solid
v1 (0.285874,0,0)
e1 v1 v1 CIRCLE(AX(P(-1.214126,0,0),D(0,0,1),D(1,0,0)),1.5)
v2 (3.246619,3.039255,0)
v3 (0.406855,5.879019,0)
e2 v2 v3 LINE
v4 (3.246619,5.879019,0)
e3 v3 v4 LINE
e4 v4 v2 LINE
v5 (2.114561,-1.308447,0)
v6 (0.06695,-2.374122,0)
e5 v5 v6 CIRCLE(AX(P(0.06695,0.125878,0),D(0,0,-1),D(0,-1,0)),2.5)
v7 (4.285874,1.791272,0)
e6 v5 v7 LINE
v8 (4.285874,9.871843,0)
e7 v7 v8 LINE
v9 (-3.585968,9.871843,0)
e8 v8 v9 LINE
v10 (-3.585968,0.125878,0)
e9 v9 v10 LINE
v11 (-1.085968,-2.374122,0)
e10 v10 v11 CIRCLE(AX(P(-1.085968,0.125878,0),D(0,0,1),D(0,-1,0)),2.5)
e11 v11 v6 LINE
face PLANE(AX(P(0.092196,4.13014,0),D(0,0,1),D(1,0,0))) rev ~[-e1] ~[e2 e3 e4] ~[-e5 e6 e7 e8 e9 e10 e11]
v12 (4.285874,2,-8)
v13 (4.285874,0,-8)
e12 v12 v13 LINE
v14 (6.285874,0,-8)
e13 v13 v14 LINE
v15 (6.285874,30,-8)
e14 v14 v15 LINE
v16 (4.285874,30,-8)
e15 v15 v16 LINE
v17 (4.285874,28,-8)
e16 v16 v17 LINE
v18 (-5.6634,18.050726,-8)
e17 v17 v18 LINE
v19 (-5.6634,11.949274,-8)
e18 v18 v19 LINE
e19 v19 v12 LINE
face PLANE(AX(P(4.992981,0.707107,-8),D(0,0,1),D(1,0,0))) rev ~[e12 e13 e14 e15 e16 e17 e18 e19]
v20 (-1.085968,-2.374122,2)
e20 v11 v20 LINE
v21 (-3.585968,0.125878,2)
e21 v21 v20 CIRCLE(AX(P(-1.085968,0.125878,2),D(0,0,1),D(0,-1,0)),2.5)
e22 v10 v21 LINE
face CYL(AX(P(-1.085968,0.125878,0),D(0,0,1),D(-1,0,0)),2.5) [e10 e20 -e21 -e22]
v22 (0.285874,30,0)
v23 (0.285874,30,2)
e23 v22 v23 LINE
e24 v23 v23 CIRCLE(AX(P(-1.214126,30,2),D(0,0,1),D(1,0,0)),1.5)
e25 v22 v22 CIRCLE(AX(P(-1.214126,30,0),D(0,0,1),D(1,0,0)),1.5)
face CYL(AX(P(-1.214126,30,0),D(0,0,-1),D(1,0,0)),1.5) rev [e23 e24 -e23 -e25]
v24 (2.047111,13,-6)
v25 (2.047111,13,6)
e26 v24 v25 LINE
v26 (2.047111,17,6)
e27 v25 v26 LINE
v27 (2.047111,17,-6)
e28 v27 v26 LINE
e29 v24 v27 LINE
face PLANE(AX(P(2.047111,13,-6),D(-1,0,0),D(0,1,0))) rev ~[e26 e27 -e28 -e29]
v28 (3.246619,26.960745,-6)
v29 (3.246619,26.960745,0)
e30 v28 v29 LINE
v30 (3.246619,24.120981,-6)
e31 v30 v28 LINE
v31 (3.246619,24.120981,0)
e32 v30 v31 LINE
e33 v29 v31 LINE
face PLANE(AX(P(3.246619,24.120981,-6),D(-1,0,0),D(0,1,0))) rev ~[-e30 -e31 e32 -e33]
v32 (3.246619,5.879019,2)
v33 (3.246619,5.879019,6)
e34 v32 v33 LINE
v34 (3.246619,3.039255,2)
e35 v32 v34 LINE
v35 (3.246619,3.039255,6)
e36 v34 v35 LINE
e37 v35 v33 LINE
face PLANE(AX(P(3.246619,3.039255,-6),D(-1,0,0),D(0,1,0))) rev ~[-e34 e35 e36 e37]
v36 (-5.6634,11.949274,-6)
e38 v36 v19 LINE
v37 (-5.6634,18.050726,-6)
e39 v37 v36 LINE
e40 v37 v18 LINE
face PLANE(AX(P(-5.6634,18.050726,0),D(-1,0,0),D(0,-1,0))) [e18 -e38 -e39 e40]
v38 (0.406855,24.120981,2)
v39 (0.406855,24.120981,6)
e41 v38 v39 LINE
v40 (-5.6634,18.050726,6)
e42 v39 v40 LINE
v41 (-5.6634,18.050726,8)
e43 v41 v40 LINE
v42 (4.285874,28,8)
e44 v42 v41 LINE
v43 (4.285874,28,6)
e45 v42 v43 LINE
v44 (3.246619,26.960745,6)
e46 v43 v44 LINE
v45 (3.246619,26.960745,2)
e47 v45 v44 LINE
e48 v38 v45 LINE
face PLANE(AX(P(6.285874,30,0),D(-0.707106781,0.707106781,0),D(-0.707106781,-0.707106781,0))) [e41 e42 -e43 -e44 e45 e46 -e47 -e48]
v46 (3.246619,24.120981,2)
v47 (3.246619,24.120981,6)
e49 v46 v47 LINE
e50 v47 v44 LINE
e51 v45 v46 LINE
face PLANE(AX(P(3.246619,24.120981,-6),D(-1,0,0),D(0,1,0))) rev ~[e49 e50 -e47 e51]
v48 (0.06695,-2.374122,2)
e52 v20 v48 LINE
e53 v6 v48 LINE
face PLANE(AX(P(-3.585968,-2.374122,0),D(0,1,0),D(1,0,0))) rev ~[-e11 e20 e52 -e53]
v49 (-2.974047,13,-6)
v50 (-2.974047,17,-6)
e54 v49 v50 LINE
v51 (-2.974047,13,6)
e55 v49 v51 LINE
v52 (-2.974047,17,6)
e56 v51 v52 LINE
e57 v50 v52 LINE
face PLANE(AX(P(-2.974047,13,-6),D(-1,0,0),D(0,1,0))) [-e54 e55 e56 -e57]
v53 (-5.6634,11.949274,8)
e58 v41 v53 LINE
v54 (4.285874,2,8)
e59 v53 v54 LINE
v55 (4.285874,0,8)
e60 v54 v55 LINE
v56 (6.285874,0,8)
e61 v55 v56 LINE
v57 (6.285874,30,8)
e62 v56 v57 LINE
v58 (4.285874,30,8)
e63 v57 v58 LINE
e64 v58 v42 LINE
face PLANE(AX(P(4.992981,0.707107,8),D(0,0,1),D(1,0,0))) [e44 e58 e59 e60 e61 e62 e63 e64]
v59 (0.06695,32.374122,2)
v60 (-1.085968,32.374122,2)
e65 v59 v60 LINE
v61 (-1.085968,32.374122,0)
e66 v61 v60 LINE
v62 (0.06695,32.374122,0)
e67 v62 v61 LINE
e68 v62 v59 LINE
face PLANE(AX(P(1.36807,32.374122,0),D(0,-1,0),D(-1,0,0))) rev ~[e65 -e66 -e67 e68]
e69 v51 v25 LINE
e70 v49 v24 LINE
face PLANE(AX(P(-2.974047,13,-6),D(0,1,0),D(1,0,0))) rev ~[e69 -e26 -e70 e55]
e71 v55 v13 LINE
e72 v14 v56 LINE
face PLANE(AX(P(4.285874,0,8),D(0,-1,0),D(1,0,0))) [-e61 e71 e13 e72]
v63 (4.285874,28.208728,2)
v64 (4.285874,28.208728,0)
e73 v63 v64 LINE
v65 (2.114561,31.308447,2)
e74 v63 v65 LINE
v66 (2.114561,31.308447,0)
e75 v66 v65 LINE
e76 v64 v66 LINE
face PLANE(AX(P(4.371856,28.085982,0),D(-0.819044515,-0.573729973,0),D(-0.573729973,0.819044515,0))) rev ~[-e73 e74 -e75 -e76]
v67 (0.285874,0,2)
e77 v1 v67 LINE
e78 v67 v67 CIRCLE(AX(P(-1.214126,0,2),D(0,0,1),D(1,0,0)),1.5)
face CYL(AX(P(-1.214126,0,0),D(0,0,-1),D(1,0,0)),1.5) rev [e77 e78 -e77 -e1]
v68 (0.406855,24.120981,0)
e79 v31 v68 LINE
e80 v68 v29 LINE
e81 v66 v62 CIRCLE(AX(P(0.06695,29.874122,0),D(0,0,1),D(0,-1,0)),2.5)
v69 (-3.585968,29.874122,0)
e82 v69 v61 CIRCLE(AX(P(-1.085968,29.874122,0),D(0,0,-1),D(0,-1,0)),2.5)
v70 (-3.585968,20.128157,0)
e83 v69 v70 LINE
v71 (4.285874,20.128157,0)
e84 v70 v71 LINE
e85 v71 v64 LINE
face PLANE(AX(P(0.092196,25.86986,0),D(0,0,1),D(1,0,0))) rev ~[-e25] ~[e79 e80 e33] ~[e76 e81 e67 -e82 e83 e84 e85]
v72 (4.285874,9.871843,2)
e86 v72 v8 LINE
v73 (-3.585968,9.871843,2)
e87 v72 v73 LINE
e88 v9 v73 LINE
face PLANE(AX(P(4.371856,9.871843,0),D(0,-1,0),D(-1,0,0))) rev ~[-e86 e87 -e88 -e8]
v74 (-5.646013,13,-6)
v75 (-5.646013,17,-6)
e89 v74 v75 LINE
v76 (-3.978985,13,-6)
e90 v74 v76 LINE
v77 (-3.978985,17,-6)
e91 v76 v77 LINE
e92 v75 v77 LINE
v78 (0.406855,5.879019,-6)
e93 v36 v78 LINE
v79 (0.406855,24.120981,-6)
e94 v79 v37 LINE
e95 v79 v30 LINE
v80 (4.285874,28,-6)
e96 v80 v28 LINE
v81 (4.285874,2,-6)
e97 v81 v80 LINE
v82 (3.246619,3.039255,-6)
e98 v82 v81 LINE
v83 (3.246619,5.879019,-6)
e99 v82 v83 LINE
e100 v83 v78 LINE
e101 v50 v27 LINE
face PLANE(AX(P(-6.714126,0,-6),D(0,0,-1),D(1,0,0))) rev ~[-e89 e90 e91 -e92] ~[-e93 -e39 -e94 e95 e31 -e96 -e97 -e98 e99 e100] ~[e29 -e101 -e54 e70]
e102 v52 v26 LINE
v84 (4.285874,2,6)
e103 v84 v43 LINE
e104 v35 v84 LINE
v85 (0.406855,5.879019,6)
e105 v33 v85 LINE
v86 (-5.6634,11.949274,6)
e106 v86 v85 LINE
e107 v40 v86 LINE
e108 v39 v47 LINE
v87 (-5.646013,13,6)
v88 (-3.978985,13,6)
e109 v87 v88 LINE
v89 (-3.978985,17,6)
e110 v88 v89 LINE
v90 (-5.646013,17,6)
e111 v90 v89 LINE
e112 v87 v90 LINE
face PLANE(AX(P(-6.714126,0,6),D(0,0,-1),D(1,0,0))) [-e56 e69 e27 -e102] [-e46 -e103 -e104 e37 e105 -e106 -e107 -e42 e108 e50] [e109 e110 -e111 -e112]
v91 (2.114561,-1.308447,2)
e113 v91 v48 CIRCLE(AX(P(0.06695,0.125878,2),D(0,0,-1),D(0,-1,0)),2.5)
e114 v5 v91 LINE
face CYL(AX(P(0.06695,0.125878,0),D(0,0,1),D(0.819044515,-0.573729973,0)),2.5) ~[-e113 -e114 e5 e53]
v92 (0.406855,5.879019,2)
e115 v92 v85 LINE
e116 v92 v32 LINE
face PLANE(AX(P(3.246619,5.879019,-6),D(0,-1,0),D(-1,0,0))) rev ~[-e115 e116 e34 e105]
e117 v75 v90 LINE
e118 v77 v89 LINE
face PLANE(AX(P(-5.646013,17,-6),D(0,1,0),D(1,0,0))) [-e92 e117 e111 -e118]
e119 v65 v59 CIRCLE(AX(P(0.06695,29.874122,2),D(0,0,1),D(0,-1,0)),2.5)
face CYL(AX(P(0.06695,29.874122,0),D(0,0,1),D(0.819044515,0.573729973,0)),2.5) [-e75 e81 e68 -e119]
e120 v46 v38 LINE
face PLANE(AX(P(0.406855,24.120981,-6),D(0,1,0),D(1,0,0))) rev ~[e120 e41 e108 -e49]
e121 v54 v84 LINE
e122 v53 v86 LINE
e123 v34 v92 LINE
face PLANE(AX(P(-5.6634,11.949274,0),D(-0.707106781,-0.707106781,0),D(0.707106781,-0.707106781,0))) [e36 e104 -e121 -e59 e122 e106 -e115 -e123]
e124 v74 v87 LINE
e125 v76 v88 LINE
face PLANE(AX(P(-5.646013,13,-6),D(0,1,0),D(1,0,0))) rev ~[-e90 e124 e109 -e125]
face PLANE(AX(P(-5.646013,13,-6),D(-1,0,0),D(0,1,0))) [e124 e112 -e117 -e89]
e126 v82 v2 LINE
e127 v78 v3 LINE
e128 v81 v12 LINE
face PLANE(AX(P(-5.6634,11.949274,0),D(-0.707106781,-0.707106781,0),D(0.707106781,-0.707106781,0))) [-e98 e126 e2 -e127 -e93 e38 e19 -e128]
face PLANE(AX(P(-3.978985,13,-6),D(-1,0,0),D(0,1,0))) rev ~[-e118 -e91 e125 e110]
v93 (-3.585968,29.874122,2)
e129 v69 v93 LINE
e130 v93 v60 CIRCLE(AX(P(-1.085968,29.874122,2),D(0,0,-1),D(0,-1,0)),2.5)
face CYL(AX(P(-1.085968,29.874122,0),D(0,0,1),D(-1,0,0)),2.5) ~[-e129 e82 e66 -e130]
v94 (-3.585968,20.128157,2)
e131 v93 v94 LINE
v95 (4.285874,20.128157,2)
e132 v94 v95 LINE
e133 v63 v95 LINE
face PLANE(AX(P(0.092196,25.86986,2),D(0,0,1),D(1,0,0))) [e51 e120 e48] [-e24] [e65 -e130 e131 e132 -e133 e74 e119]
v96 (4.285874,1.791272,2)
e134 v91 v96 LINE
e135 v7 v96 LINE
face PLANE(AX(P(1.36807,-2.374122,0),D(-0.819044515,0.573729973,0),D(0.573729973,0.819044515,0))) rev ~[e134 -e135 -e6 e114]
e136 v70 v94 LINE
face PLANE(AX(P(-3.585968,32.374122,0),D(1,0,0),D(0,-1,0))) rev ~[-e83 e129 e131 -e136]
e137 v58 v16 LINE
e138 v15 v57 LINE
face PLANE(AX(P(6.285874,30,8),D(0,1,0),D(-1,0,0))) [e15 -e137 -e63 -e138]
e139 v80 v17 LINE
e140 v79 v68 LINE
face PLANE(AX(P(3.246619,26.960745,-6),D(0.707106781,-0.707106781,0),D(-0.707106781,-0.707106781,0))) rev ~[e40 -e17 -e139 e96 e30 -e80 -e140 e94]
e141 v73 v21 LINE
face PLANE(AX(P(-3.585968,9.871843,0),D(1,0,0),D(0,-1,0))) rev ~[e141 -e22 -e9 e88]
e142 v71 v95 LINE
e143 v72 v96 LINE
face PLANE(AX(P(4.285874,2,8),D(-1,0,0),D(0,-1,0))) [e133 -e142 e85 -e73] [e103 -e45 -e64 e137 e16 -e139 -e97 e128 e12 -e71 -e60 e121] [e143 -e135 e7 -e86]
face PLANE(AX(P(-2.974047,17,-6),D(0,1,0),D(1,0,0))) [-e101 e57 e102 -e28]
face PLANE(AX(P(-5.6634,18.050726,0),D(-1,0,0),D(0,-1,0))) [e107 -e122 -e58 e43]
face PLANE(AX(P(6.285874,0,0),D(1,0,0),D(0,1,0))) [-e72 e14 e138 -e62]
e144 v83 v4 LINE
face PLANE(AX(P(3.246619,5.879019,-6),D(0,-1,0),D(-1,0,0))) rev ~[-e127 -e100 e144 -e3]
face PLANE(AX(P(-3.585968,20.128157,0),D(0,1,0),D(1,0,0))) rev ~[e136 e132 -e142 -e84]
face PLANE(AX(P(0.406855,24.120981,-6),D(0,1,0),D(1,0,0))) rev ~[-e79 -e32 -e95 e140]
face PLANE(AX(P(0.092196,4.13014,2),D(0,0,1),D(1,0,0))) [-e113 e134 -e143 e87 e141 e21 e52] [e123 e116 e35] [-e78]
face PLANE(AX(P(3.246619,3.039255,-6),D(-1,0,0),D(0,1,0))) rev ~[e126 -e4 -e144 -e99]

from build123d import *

# Parameters (mm, degrees)
F1_DEPTH      = 8
F1_DEPTH_BACK = 8
F2_W          = 11
F2_H          = 12
F3_DEPTH      = 30.001
F4_R          = 1.5
F5_DEPTH      = 2
F6_R          = 2.5
F8_DEPTH      = 16
F9_W          = 5.021157
F9_H          = 4
F9_W_2        = 1.667027
F10_DEPTH     = 12


with BuildPart() as f1:
    # F0 (on Top) → F1 (new body, two sides)
    with BuildSketch(Plane.XY) as f1_sk:
        Polygon((-5.6634, 11.949274), (6.285874, 0), (6.285874, 30), (-5.6634, 18.050726), align=None)
    extrude(amount=F1_DEPTH)
    extrude(f1_sk.sketch, amount=-F1_DEPTH_BACK)

    # F2 (on Front) → F3 (cut, through all)
    with BuildSketch(Plane.XZ):
        with Locations((-1.214126, 0)):
            Rectangle(F2_W, F2_H)
    extrude(amount=-F3_DEPTH, mode=Mode.SUBTRACT)

    # F4 (on Top) → F5 (join)
    with BuildSketch(Plane.XY):
        Polygon((4.371856, 9.871843), (-3.585968, 9.871843), (-3.585968, -2.374122), (1.36807, -2.374122), (4.371856, 1.914018), align=None)
        with Locations((-1.214126, 0)):
            Circle(F4_R, mode=Mode.SUBTRACT)
        Polygon((-3.585968, 20.128157), (4.371856, 20.128157), (4.371856, 28.085982), (1.36807, 32.374122), (-3.585968, 32.374122), align=None)
        with Locations((-1.214126, 30)):
            Circle(F4_R, mode=Mode.SUBTRACT)
    extrude(amount=F5_DEPTH)

    # F6
    f6_edges = [f1.edges().sort_by_distance(p)[0] for p in [
        (-3.585968, -2.374122, 1),
        (1.36807, -2.374122, 1),
        (-3.585968, 32.374122, 1),
        (1.36807, 32.374122, 1),
    ]]
    fillet(f6_edges, radius=F6_R)

    # F7 (on face) → F8 (join, through all)
    with BuildSketch(Plane.XY.offset(8)):
        Polygon((4.285874, 0), (6.285874, 0), (4.285874, 2), align=None)
        Polygon((4.285874, 28), (6.285874, 30), (4.285874, 30), align=None)
    extrude(amount=-F8_DEPTH)

    # F9 (on face) → F10 (join, through all)
    with BuildSketch(Plane.XY.offset(-6)):
        with Locations((-0.463468, 15)):
            Rectangle(F9_W, F9_H)
        with Locations((-4.812499, 15)):
            Rectangle(F9_W_2, F9_H)
        Polygon((3.246619, 24.120981), (3.246619, 26.960745), (0.406855, 24.120981), align=None)
        Polygon((0.406855, 5.879019), (3.246619, 3.039255), (3.246619, 5.879019), align=None)
    extrude(amount=F10_DEPTH)


solid = f1.part
